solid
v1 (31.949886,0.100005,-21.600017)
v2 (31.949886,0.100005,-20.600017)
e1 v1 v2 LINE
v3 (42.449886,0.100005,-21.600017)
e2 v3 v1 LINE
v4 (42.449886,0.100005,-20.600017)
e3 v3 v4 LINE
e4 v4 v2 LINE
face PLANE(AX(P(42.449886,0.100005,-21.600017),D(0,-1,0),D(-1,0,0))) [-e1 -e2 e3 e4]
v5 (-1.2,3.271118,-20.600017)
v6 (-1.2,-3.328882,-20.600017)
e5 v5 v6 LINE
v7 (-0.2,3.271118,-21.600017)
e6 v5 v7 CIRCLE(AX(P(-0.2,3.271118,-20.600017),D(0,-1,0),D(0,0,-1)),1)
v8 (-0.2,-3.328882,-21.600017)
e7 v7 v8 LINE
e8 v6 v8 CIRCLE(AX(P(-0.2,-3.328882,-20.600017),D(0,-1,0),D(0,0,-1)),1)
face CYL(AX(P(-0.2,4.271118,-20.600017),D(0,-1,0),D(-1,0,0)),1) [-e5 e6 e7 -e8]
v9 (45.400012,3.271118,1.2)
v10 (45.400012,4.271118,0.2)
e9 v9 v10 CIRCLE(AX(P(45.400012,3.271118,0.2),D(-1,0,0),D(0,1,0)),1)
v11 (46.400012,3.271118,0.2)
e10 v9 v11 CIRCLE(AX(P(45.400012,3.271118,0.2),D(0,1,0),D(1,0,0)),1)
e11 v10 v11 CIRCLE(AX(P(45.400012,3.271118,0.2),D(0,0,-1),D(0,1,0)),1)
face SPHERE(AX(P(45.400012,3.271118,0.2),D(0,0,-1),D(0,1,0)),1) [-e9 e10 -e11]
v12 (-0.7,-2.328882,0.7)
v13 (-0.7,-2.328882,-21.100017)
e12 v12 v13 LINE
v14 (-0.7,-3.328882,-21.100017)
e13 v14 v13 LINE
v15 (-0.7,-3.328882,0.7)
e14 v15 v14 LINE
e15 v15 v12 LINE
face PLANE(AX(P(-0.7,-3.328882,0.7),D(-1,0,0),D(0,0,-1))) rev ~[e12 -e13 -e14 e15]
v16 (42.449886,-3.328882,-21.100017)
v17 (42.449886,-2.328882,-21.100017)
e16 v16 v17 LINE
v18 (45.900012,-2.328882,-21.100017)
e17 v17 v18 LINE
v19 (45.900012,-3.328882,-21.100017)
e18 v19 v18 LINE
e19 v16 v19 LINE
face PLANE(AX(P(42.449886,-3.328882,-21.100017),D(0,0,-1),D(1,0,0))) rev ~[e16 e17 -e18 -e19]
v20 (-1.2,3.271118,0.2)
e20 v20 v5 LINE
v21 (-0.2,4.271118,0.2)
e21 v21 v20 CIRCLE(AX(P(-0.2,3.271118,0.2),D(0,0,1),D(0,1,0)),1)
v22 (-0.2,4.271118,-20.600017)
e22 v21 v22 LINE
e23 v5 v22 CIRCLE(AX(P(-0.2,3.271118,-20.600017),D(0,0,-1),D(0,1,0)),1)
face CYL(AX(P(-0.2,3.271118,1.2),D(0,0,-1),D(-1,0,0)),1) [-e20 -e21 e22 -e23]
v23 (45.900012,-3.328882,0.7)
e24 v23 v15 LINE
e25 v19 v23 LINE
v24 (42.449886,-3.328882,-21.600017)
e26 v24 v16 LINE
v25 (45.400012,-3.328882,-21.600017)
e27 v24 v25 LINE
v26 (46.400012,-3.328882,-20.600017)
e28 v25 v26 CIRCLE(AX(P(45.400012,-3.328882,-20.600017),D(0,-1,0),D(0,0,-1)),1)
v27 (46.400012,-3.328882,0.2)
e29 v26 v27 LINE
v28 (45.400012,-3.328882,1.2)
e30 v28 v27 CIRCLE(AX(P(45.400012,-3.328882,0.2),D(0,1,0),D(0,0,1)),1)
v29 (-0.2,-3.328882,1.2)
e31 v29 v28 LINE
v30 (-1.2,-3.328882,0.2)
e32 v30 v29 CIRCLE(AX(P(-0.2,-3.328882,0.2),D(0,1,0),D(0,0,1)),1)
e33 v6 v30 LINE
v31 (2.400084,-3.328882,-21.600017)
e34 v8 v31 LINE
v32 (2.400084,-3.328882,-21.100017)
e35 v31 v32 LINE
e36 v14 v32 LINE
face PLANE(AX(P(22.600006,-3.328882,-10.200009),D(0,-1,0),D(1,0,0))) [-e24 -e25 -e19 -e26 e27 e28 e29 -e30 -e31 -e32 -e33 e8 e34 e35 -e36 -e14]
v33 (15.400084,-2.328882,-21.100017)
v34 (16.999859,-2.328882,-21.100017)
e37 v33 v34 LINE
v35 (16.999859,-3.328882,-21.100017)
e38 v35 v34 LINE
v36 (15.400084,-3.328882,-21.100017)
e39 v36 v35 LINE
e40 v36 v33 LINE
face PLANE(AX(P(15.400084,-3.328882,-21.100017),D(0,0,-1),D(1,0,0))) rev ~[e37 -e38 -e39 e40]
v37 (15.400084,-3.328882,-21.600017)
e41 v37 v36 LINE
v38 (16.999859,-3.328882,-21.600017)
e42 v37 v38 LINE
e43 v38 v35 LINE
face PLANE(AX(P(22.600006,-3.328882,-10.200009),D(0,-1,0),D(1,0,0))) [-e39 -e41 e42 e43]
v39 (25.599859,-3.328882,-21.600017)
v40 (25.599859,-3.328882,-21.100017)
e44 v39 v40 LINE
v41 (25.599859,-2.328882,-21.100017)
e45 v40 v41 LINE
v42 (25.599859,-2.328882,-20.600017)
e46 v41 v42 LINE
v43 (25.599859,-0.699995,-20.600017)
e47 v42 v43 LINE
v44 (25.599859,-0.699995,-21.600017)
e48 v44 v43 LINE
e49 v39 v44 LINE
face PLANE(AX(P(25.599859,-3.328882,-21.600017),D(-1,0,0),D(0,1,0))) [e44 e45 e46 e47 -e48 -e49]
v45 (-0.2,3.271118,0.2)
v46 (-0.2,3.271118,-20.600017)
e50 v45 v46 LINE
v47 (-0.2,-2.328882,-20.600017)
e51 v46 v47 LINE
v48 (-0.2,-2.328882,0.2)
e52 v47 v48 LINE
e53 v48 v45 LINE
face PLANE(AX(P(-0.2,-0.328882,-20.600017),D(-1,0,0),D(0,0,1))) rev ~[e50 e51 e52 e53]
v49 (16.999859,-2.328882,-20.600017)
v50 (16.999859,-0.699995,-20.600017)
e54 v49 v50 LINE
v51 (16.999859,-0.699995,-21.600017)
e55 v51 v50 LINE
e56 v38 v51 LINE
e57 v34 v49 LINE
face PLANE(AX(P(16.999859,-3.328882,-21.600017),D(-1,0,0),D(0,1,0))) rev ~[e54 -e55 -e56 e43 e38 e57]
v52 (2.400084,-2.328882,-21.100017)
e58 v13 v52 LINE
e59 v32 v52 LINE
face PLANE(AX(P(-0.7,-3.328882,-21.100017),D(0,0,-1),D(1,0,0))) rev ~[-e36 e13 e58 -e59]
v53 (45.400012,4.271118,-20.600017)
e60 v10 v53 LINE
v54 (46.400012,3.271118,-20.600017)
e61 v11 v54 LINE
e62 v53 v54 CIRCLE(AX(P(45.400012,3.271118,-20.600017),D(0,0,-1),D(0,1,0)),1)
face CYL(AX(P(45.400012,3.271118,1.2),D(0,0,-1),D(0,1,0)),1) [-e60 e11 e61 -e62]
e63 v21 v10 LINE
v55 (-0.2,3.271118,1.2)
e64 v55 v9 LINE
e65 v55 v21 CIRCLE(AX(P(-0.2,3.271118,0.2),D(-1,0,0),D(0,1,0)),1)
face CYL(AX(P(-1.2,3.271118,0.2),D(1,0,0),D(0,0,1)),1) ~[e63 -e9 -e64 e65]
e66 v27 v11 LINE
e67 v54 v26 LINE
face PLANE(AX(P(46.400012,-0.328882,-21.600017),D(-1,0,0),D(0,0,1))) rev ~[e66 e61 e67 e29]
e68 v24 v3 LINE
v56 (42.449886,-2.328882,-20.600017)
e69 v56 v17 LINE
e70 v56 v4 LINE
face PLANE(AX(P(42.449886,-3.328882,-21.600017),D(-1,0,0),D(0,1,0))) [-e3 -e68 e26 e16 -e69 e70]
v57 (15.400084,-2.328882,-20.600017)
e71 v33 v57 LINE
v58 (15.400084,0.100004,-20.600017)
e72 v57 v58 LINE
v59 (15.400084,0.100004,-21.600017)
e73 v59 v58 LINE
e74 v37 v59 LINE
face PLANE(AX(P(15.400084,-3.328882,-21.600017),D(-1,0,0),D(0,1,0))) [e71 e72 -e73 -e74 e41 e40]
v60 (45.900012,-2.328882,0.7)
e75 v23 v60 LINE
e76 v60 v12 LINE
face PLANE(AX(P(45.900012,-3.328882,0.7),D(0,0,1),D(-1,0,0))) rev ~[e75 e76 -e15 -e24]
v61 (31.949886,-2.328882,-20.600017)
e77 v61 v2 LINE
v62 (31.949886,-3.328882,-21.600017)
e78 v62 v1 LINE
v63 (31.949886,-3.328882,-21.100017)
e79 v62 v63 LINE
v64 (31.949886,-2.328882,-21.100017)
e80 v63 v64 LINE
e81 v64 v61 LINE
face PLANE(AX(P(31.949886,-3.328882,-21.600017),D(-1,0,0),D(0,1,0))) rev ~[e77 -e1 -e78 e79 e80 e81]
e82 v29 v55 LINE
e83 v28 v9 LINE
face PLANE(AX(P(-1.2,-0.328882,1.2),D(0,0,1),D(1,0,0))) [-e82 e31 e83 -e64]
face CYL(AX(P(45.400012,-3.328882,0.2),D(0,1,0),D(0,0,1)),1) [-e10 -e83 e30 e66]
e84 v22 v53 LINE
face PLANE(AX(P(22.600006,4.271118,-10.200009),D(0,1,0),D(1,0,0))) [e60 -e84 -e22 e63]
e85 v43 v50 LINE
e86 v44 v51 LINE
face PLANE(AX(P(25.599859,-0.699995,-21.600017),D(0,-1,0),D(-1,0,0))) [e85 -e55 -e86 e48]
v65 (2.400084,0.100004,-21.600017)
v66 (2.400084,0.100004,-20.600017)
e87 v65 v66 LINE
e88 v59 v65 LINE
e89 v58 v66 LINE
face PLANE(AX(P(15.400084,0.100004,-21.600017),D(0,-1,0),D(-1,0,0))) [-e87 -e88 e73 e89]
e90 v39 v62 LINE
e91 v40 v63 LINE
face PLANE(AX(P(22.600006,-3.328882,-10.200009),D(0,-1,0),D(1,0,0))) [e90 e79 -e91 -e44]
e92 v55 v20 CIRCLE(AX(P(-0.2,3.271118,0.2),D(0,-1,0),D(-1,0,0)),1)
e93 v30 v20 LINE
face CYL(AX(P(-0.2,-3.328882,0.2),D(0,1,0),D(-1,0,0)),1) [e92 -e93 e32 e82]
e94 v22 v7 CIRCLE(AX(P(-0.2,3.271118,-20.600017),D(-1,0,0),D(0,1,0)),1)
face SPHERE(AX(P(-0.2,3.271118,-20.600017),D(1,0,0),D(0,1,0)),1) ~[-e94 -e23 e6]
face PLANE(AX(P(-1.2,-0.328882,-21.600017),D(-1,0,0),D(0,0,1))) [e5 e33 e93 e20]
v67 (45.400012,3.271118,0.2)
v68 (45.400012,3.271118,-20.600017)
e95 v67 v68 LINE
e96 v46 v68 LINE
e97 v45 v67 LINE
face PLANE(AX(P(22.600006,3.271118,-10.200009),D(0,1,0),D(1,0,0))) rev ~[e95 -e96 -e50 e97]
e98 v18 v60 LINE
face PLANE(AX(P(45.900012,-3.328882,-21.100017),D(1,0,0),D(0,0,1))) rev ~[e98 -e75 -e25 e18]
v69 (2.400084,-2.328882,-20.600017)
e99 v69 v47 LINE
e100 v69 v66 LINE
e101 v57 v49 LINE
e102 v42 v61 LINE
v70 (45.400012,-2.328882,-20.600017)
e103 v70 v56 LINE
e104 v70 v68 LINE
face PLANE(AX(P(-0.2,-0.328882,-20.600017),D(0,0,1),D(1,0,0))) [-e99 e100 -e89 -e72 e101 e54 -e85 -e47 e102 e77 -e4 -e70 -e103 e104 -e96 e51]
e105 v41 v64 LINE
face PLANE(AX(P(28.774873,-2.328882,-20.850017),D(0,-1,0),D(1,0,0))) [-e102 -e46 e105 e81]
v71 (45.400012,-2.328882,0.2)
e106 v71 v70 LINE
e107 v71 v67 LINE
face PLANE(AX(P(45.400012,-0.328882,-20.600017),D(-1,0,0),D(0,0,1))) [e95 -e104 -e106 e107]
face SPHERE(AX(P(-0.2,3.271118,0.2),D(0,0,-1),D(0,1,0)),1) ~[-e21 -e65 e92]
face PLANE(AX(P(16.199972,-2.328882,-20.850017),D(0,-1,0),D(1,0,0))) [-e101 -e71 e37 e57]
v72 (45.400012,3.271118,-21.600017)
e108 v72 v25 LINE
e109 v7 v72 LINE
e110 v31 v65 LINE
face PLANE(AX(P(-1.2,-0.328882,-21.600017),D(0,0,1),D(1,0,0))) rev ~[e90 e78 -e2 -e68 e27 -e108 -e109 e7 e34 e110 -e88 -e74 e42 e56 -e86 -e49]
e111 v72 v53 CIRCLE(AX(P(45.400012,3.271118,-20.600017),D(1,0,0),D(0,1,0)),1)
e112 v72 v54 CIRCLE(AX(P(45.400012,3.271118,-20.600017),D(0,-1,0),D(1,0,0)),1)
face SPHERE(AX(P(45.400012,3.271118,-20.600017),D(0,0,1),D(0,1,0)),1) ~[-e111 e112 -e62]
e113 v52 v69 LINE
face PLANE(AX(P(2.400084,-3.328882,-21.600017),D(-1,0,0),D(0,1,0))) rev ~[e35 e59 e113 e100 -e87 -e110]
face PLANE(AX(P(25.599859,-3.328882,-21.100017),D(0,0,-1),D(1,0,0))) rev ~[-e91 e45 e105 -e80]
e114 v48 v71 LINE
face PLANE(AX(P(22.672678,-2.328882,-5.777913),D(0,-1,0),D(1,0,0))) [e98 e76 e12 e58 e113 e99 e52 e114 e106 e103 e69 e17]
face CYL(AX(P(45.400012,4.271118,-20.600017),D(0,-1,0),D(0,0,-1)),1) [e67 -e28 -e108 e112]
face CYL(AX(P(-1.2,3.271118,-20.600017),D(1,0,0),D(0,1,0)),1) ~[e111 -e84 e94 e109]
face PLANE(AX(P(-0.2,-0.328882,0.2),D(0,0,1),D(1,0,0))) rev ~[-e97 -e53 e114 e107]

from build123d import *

# Parameters (mm, degrees)
SKETCH_2_W          = 47.600012207
SKETCH_2_H          = 22.800017408
SKETCH_2_W_2        = 45.600012207
SKETCH_2_H_2        = 20.800017408
EXTRUDE_1_DEPTH     = 1.6
SKETCH_3_W          = 47.600012207
SKETCH_3_H          = 22.800017408
SKETCH_3_W_2        = 45.600012207
SKETCH_3_H_2        = 20.800017408
EXTRUDE_2_DEPTH     = 2
SKETCH_4_W          = 47.600012207
SKETCH_4_H          = 22.800017408
EXTRUDE_3_DEPTH     = 1
SKETCH_5_W          = 47.600012207
SKETCH_5_H          = 22.800017408
SKETCH_5_W_2        = 45.600012207
SKETCH_5_H_2        = 20.800017408
EXTRUDE_4_DEPTH     = 3
SKETCH_6_W          = 8.6
SKETCH_6_H          = 2.628886846
SKETCH_6_W_2        = 13
SKETCH_6_H_2        = 3.428886378
SKETCH_6_W_3        = 10.5
SKETCH_6_H_3        = 3.428887043
CUT_EXTRUDE_1_DEPTH = 1
SKETCH_7_W          = 1.599774972
SKETCH_7_H          = 0.5
SKETCH_7_W_2        = 6.350027001
CUT_EXTRUDE_2_DEPTH = 1
FILLET_1_R          = 1


with BuildPart() as part:
    # Эскиз2 → Бобышка-Вытянуть1 (new body)
    with BuildSketch(Plane(origin=(0, 1.271117687, 0), x_dir=(1, 0, 0), z_dir=(0, 1, 0))):
        with Locations((22.600006104, 10.200008704)):
            Rectangle(SKETCH_2_W, SKETCH_2_H)
        with Locations((22.600006104, 10.200008704)):
            Rectangle(SKETCH_2_W_2, SKETCH_2_H_2, mode=Mode.SUBTRACT)
    extrude(amount=-EXTRUDE_1_DEPTH)

    # Эскиз3 → Бобышка-Вытянуть2 (add)
    with BuildSketch(Plane(origin=(0, 1.271117687, 0), x_dir=(1, 0, 0), z_dir=(0, 1, 0))):
        with Locations((22.600006104, 10.200008704)):
            Rectangle(SKETCH_3_W, SKETCH_3_H)
        with Locations((22.600006104, 10.200008704)):
            Rectangle(SKETCH_3_W_2, SKETCH_3_H_2, mode=Mode.SUBTRACT)
    extrude(amount=EXTRUDE_2_DEPTH)

    # Эскиз4 → Бобышка-Вытянуть3 (add)
    with BuildSketch(Plane(origin=(0, 3.271117687, 0), x_dir=(1, 0, 0), z_dir=(0, 1, 0))):
        with Locations((22.600006104, 10.200008704)):
            Rectangle(SKETCH_4_W, SKETCH_4_H)
    extrude(amount=EXTRUDE_3_DEPTH)

    # Эскиз5 → Бобышка-Вытянуть4 (add)
    with BuildSketch(Plane.XZ.offset(0.328882313)):
        with Locations((22.600006104, -10.200008704)):
            Rectangle(SKETCH_5_W, SKETCH_5_H)
        with Locations((22.600006104, -10.200008704)):
            Rectangle(SKETCH_5_W_2, SKETCH_5_H_2, mode=Mode.SUBTRACT)
    extrude(amount=EXTRUDE_4_DEPTH)

    # Эскиз6 → Вырез-Вытянуть1 (cut)
    with BuildSketch(Plane(origin=(0, 0, -21.600017408), x_dir=(-1, 0, 0), z_dir=(0, 0, -1))):
        with Locations((-21.299859449, -2.01443889)):
            Rectangle(SKETCH_6_W, SKETCH_6_H)
        with Locations((-8.900084477, -1.614439124)):
            Rectangle(SKETCH_6_W_2, SKETCH_6_H_2)
        with Locations((-37.19988645, -1.614438792)):
            Rectangle(SKETCH_6_W_3, SKETCH_6_H_3)
    extrude(amount=-CUT_EXTRUDE_1_DEPTH, mode=Mode.SUBTRACT)

    # Эскиз7 → Вырез-Вытянуть2 (cut)
    with BuildSketch(Plane.XZ.offset(3.328882313)):
        Polygon((-0.2, 0.2), (45.400012207, 0.2), (45.400012207, -20.600017408), (42.44988645, -20.600017408), (42.44988645, -21.100017408), (45.900012207, -21.100017408), (45.900012207, 0.7), (-0.7, 0.7), (-0.7, -21.100017408), (2.400084477, -21.100017408), (2.400084477, -20.600017408), (-0.2, -20.600017408), align=None)
        with Locations((16.199971963, -20.850017408)):
            Rectangle(SKETCH_7_W, SKETCH_7_H)
        with Locations((28.77487295, -20.850017408)):
            Rectangle(SKETCH_7_W_2, SKETCH_7_H)
    extrude(amount=-CUT_EXTRUDE_2_DEPTH, mode=Mode.SUBTRACT)

    # Скругление1
    fillet_1_edges = [part.edges().sort_by_distance(p)[0] for p in [
        (46.400012207, 4.271117687, -10.200008704),
        (22.600006104, 4.271117687, -21.600017408),
        (-1.2, 4.271117687, -10.200008704),
        (22.600006104, 4.271117687, 1.2),
        (-1.2, 0.471117687, 1.2),
        (-1.2, 0.471117687, -21.600017408),
        (46.400012207, 0.471117687, -21.600017408),
        (46.400012207, 0.471117687, 1.2),
    ]]
    fillet(fillet_1_edges, radius=FILLET_1_R)


solid = part.part
